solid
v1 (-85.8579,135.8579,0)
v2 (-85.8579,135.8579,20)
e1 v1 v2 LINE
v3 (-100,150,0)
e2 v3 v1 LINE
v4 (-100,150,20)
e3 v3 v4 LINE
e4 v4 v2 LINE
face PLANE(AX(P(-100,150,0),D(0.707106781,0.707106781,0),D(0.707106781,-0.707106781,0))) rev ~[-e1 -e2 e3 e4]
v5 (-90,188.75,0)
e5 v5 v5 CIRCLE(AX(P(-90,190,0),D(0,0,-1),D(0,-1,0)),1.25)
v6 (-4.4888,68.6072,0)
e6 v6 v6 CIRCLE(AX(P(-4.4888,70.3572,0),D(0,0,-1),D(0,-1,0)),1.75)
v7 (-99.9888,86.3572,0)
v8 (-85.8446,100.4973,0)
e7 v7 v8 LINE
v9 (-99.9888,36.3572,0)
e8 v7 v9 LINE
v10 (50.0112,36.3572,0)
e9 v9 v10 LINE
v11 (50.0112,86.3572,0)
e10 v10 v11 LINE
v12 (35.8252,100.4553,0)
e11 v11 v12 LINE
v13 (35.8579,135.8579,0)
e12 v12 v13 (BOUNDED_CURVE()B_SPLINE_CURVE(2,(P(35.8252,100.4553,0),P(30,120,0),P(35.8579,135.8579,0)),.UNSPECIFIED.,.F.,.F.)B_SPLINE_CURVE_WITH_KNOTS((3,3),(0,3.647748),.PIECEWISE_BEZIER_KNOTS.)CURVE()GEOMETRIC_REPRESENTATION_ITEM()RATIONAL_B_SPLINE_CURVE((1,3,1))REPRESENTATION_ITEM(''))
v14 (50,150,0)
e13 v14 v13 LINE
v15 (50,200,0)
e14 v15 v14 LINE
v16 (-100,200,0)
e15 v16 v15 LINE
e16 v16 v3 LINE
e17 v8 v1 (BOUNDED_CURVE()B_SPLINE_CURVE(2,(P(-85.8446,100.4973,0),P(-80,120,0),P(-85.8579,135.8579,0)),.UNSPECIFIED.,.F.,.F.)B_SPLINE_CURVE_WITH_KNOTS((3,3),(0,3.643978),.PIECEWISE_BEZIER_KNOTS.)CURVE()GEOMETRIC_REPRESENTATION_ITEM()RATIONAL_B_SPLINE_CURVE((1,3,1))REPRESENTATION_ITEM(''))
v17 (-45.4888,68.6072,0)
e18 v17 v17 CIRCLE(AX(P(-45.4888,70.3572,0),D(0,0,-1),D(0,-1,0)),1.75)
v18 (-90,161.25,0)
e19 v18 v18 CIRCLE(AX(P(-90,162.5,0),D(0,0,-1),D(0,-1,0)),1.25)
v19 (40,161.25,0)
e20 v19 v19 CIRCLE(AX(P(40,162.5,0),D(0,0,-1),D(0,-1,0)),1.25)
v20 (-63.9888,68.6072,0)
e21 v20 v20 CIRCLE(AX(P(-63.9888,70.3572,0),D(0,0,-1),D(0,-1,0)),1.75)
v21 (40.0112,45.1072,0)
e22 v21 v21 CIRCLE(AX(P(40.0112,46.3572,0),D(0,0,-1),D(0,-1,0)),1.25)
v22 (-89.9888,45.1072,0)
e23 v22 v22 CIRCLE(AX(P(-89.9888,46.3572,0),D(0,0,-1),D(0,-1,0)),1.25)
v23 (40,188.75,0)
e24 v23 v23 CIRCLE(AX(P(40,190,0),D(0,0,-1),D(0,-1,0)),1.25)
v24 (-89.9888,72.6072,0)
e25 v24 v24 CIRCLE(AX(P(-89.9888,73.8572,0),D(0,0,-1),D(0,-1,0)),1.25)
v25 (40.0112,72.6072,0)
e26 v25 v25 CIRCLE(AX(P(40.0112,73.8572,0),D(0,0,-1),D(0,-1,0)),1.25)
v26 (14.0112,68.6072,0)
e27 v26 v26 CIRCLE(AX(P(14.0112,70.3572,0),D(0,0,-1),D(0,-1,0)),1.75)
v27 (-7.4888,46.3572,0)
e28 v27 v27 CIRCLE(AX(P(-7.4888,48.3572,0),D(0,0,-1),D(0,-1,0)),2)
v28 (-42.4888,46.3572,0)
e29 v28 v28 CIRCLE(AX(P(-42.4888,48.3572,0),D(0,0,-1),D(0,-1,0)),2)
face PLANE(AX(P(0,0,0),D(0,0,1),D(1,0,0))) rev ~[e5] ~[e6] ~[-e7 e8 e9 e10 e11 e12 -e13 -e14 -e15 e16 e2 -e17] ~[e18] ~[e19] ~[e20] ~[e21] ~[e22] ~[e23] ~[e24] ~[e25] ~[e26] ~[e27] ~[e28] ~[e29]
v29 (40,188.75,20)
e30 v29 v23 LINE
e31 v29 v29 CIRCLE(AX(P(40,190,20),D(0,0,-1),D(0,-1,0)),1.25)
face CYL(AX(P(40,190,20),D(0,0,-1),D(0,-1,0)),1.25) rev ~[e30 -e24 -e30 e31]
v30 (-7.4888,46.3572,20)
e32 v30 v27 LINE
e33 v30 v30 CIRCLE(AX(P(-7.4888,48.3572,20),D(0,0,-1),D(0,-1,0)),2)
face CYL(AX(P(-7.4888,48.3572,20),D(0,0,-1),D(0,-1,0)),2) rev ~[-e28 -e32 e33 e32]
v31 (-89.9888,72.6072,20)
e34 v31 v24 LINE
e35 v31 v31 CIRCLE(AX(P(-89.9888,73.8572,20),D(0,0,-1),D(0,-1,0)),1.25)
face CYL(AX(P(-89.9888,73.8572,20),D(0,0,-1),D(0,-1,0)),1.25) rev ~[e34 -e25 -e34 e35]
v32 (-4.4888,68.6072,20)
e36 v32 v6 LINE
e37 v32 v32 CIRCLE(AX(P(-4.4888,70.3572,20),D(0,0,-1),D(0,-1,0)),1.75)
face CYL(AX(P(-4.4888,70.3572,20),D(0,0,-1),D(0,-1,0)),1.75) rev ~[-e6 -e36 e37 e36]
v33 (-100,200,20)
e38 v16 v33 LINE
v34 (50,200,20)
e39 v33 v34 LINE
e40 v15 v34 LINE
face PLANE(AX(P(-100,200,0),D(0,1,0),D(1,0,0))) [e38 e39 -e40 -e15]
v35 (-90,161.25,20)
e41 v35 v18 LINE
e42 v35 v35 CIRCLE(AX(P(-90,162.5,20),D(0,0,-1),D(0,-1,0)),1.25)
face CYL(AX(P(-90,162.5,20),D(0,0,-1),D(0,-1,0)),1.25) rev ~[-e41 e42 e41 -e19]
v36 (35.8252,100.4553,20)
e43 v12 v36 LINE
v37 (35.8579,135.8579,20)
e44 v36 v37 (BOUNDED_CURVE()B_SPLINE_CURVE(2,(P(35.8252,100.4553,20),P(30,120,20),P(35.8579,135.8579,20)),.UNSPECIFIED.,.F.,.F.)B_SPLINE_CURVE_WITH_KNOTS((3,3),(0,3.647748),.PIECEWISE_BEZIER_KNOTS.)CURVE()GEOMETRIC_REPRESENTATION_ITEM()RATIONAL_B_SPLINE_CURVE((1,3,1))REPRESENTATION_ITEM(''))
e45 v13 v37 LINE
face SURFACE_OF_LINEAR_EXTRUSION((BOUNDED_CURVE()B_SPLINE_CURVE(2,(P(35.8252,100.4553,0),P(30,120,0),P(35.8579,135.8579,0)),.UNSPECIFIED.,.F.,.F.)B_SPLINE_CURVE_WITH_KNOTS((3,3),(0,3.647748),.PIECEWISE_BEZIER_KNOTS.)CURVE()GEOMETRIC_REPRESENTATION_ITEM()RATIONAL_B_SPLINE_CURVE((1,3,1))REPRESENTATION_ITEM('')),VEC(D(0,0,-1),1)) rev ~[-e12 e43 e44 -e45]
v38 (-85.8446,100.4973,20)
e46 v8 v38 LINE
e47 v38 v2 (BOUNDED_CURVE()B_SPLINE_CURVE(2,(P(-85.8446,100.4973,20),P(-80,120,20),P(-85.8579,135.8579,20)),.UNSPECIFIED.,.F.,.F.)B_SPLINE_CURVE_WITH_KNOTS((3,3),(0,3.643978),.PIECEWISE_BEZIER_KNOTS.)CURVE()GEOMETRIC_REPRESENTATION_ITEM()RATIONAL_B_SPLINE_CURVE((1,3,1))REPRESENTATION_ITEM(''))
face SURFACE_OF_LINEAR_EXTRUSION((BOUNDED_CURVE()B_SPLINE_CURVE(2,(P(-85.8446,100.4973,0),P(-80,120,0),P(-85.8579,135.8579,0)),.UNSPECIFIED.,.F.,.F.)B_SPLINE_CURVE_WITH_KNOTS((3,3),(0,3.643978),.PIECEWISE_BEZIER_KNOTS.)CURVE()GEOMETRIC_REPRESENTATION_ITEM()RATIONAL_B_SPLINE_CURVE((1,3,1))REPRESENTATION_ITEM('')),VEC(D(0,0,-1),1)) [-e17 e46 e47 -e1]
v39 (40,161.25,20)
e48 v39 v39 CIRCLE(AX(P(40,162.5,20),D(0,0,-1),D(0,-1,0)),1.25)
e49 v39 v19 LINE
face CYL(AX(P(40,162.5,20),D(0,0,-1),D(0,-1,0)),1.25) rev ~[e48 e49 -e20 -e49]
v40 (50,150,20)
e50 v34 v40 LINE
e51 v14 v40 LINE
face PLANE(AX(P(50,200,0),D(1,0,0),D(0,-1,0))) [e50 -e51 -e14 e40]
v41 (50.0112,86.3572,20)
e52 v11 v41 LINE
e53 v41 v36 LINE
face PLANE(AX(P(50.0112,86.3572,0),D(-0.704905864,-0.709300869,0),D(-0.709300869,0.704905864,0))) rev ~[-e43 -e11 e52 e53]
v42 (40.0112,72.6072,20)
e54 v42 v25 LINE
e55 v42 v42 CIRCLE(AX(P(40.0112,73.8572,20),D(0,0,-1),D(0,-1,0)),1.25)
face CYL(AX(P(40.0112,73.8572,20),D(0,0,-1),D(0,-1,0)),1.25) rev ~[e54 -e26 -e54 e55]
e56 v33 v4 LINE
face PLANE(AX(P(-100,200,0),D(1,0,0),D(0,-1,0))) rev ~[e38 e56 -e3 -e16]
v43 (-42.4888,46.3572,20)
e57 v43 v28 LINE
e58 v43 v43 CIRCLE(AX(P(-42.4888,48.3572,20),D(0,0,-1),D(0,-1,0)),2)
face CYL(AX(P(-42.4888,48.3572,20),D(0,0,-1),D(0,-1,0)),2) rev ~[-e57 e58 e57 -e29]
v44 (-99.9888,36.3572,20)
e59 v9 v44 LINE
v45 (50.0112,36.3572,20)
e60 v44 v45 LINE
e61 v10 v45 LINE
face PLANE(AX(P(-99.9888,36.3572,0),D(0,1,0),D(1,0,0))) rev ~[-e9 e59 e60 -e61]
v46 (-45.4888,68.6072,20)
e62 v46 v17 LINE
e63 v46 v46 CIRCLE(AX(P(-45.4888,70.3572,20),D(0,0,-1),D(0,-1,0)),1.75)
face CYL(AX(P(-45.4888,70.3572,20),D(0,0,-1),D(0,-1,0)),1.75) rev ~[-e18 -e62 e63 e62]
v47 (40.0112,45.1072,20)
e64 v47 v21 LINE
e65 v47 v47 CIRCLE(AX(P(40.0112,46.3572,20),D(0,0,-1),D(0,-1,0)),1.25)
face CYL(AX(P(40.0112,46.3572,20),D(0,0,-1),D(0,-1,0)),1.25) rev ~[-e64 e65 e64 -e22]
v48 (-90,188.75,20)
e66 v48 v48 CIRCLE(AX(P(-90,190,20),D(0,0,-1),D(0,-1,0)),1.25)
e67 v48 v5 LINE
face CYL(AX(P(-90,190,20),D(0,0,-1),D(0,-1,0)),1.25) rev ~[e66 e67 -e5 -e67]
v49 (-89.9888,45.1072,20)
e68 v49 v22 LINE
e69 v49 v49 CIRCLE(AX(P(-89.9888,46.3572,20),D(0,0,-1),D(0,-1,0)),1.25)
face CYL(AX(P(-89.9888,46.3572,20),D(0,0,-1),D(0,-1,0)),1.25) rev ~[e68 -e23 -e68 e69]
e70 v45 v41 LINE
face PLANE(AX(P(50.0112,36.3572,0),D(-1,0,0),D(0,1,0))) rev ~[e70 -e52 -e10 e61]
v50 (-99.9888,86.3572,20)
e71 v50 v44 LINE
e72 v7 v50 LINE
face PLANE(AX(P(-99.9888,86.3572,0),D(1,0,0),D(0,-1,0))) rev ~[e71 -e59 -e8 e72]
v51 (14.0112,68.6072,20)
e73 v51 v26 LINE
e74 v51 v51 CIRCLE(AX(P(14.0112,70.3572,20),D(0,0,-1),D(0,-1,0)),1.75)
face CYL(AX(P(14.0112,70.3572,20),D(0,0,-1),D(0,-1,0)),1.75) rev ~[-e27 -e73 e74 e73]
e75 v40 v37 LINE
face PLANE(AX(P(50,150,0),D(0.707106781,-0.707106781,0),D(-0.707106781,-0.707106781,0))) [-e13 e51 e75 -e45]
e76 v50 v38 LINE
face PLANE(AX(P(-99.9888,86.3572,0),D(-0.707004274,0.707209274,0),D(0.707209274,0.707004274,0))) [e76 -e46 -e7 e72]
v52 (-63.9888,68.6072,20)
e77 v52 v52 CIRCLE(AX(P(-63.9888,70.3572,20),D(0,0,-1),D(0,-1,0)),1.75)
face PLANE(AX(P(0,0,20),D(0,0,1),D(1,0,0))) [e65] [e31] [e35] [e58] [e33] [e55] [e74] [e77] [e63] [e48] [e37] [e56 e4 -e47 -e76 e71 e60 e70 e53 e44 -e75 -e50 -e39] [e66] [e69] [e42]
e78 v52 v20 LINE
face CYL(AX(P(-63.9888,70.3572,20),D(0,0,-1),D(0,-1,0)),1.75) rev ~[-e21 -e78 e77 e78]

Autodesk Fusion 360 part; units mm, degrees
sketch "Esboço1" plane through (0, 0, 0) normal (0, 0, 1) x (1, 0, 0)
  line L0 (-100, 200) -> (-100, 150)
  line L1 (-99.9888, 86.3572) -> (-99.9888, 36.3572)
  line L2 (-99.9888, 36.3572) -> (50.0112, 36.3572)
  line L3 (-100, 200) -> (50, 200)
  line L4 (50, 200) -> (50, 150)
  line L5 (50.0112, 36.3572) -> (50.0112, 86.3572)
  line L6 (-99.9888, 86.3572) -> (-85.8446, 100.4973)
  line L7 (50.0112, 86.3572) -> (35.8252, 100.4553)
  line L8 (50, 150) -> (35.8579, 135.8579)
  line L9 (-100, 150) -> (-85.8579, 135.8579)
  spline S0 degree 2 poles (-85.8446, 100.4973) (-80, 120) (-85.8579, 135.8579) knots 0 0 0 3.643978 3.643978 3.643978 weights 1 3 1
  spline S1 degree 2 poles (35.8252, 100.4553) (30, 120) (35.8579, 135.8579) knots 0 0 0 3.647748 3.647748 3.647748 weights 1 3 1
  dimension "d1" = 50
  dimension "d5" = 50
  dimension "d6" = 150
  dimension "d7" = 150
  dimension "d8" = 50
  dimension "d9" = 50
  dimension "d13" = 20
  dimension "d14" = 20
  dimension "d15" = 20
  dimension "d16" = 20
extrude "Extrusão1" add sketch "Esboço1" along normal blind 20
hole "Furo1" at (40, 190, 20) direction (0, 0, -1) diameter 2.5 depth 30 tip angle 118
hole "Furo2" at (40, 162.5, 20) direction (0, 0, -1) diameter 2.5 depth 30 tip angle 118
hole "Furo3" at (-90, 190, 20) direction (0, 0, -1) diameter 2.5 depth 30 tip angle 118
hole "Furo4" at (-90, 162.5, 20) direction (0, 0, -1) diameter 2.5 depth 30 tip angle 118
hole "Furo5" at (-89.9888, 73.8572, 20) direction (0, 0, -1) diameter 2.5 depth 30 tip angle 118
hole "Furo6" at (-89.9888, 46.3572, 20) direction (0, 0, -1) diameter 2.5 depth 30 tip angle 118
hole "Furo7" at (40.0112, 73.8572, 20) direction (0, 0, -1) diameter 2.5 depth 30 tip angle 118
hole "Furo8" at (40.0112, 46.3572, 20) direction (0, 0, -1) diameter 2.5 depth 30 tip angle 118
hole "Furo9" at (-42.4888, 48.3572, 20) direction (0, 0, -1) diameter 4 depth 30 tip angle 118
hole "Furo10" at (-7.4888, 48.3572, 20) direction (0, 0, -1) diameter 4 depth 30 tip angle 118
hole "Furo11" at (14.0112, 70.3572, 20) direction (0, 0, -1) diameter 3.5 depth 30 tip angle 118
hole "Furo12" at (-4.4888, 70.3572, 20) direction (0, 0, -1) diameter 3.5 depth 30 tip angle 118
hole "Furo13" at (-45.4888, 70.3572, 20) direction (0, 0, -1) diameter 3.5 depth 30 tip angle 118
hole "Furo14" at (-63.9888, 70.3572, 20) direction (0, 0, -1) diameter 3.5 depth 30 tip angle 118
